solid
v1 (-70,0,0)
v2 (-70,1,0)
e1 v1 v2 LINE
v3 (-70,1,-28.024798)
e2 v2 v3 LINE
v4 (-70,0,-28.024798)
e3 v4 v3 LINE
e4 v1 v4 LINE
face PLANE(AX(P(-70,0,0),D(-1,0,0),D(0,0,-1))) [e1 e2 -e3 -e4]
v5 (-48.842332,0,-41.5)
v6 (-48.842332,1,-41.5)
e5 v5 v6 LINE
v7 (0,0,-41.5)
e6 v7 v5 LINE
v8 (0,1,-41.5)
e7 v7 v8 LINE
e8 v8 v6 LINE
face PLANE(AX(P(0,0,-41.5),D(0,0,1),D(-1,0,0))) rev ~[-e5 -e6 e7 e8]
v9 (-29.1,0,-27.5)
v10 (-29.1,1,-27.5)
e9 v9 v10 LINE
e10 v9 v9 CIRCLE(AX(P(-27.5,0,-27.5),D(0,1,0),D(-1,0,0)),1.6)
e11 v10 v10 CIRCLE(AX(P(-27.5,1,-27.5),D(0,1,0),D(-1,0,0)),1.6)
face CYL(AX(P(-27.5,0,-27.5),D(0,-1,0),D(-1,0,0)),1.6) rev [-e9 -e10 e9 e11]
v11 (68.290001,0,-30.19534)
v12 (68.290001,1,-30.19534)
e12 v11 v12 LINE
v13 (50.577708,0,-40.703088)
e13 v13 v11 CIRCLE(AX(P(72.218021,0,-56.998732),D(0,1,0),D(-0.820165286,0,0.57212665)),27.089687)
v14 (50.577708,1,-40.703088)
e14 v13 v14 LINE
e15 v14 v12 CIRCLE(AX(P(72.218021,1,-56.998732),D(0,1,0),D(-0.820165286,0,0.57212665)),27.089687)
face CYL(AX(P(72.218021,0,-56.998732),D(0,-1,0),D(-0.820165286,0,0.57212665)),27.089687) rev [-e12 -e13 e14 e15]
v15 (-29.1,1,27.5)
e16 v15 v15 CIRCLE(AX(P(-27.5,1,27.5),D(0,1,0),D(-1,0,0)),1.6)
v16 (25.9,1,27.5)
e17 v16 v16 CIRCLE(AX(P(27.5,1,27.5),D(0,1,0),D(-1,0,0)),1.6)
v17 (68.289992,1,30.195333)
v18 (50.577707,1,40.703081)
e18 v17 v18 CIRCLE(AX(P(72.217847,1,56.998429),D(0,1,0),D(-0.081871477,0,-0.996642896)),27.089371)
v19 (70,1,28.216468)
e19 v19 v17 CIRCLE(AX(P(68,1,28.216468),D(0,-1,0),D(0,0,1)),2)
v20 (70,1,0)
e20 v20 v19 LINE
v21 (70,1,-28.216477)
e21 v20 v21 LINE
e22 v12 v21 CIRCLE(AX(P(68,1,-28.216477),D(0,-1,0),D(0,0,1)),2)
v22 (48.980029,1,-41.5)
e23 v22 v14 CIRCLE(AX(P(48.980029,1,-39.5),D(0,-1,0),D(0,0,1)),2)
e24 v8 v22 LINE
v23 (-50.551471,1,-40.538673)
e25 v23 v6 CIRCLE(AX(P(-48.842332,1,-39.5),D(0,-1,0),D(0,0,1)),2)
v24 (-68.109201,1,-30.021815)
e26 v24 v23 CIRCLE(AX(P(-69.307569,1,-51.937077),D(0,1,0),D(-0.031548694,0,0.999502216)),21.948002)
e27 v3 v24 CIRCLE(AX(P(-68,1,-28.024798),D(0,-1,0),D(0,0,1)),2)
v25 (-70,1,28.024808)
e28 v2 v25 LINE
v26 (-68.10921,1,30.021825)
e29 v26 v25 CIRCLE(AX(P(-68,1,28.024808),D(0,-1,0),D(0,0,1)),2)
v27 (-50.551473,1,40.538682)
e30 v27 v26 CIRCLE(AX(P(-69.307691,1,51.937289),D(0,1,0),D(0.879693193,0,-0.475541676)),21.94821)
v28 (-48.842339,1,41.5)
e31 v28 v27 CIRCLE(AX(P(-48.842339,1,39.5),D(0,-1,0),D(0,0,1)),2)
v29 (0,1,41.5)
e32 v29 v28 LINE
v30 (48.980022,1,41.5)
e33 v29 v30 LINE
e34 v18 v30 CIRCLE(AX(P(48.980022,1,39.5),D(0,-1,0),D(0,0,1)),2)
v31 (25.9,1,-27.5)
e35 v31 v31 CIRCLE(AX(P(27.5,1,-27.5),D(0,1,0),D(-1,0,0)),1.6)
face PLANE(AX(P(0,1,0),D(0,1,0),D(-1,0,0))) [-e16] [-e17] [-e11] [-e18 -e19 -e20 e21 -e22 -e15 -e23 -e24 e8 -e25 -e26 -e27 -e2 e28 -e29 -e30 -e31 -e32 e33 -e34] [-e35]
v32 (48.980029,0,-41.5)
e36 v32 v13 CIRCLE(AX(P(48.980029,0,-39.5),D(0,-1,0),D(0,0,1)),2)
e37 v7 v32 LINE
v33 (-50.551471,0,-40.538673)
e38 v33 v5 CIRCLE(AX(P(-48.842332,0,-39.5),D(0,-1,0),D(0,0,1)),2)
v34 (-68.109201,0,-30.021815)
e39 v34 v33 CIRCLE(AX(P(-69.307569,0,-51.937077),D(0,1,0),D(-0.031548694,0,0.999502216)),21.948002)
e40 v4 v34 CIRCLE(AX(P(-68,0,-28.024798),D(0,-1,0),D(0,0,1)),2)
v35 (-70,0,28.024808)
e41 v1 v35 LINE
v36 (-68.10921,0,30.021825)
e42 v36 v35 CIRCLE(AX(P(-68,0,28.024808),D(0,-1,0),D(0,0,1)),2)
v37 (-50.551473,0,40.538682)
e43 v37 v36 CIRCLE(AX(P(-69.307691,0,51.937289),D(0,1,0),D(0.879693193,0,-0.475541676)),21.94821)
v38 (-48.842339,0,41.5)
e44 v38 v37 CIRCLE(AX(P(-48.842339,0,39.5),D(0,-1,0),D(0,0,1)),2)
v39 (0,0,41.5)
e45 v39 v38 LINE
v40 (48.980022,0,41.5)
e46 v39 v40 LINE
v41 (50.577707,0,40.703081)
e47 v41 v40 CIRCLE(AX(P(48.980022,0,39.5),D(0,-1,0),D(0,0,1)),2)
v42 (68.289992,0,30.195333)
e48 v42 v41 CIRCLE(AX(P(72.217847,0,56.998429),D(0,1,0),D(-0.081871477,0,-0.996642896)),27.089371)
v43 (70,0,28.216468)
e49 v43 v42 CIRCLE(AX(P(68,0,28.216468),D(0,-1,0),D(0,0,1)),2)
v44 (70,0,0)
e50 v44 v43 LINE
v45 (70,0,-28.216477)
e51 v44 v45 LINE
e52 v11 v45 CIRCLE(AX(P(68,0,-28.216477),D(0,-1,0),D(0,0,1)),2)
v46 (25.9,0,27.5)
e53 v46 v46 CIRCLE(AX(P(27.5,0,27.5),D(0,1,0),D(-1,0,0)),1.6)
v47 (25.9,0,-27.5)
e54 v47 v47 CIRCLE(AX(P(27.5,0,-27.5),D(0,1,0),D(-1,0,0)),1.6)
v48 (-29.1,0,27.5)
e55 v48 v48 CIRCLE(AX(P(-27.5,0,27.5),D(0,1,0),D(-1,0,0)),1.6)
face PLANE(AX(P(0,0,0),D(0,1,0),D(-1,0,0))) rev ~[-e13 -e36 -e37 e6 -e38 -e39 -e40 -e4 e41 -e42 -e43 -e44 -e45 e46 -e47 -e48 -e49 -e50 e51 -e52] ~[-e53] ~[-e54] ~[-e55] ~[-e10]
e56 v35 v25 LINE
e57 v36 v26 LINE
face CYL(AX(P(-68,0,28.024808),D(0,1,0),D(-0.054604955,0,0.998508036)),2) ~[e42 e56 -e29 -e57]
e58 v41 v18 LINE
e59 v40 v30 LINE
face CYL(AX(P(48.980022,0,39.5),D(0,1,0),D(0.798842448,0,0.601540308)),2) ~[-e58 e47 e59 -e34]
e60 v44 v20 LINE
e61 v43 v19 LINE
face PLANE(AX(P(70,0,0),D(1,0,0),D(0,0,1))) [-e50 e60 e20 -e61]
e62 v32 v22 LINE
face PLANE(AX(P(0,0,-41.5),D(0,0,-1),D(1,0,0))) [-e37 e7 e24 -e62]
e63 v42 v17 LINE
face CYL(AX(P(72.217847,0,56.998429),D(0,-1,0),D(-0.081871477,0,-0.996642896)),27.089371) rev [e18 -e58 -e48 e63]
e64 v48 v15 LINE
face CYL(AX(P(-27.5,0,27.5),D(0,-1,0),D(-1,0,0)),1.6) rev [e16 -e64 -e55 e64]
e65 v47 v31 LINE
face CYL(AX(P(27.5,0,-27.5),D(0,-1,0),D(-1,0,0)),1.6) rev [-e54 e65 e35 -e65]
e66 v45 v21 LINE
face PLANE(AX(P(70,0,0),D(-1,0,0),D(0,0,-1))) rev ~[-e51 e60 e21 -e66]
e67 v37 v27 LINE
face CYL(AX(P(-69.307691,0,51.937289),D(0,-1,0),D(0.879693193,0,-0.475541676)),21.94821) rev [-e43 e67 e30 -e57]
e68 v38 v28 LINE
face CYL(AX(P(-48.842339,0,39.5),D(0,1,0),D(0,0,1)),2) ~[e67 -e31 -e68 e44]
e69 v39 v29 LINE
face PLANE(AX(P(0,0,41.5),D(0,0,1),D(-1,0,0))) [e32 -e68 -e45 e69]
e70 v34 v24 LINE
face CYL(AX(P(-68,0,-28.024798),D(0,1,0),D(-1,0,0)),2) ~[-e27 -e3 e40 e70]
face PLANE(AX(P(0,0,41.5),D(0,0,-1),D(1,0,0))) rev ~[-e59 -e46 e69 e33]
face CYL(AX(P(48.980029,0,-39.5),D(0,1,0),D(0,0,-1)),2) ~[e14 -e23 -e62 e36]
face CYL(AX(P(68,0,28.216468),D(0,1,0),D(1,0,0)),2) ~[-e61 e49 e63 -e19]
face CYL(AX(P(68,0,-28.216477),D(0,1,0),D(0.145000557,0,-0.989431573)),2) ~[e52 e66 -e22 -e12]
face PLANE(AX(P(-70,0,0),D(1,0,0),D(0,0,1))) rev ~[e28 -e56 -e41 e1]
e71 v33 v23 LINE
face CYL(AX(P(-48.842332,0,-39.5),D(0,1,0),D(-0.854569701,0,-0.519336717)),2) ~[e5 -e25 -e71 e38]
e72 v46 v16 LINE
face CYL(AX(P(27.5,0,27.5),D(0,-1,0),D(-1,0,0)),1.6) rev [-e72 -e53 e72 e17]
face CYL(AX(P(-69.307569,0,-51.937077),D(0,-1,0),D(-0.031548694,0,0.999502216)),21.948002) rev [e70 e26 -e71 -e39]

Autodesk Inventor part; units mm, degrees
ref_plane "YZ Plane" through (0, 0, 0) normal (1, 0, 0) x (0, 1, 0)
ref_plane "XZ Plane" through (0, 0, 0) normal (0, 1, 0) x (-1, 0, 0)
ref_plane "XY Plane" through (0, 0, 0) normal (0, 0, 1) x (1, 0, 0)
sketch "Sketch3" plane through (0, 0, 0) normal (0, 1, 0) x (-1, 0, 0)
  line L0 (-27.5, -27.5) -> (27.5, -27.5) construction
  line L1 (27.5, -27.5) -> (27.5, 27.5) construction
  line L2 (27.5, 27.5) -> (-27.5, 27.5) construction
  line L3 (-27.5, 27.5) -> (-27.5, -27.5) construction
  line L4 (-27.5, -27.5) -> (27.5, 27.5) construction
  line L5 (27.5, -27.5) -> (-27.5, 27.5) construction
  circle A0 centre (-27.5, 27.5) radius 1.6
  circle A1 centre (27.5, 27.5) radius 1.6
  circle A2 centre (-27.5, -27.5) radius 1.6
  circle A3 centre (27.5, -27.5) radius 1.6
  circle A4 centre (-67.1751, -42.4264) radius 1.6 construction
  line L6 (-27.5, -27.5) -> (-67.1751, -42.4264) construction
  line L7 (-30, -25.7695) -> (-68.0554, -40.0865) construction
  line L8 (-66.2948, -44.7663) -> (-27.0453, -30) construction
  arc A5 (-68.0554, -40.0865) -> (-66.2948, -44.7663) centre (-67.1751, -42.4264) ccw construction
  circle A6 centre (67.1751, -42.4264) radius 1.6 construction
  line L9 (27.5, -27.5) -> (67.1751, -42.4264) construction
  line L10 (27.0453, -30) -> (66.2948, -44.7663) construction
  line L11 (68.0554, -40.0865) -> (30, -25.7695) construction
  arc A7 (66.2948, -44.7663) -> (68.0554, -40.0865) centre (67.1751, -42.4264) ccw construction
  line L12 (27.5, -27.5) -> (-27.5, -27.5) construction
  line L13 (25, -25) -> (-25, -25) construction
  line L14 (-27.0453, -30) -> (27.0453, -30) construction
  line L15 (-27.5, -27.5) -> (-27.5, 27.5) construction
  line L16 (-25, -25) -> (-25, 25) construction
  line L17 (-30, 25.7695) -> (-30, -25.7695) construction
  circle A8 centre (-67.1751, 42.4264) radius 1.6 construction
  line L18 (-27.5, 27.5) -> (-67.1751, 42.4264) construction
  line L19 (-27.0453, 30) -> (-66.2948, 44.7663) construction
  line L20 (-68.0554, 40.0865) -> (-30, 25.7695) construction
  arc A9 (-66.2948, 44.7663) -> (-68.0554, 40.0865) centre (-67.1751, 42.4264) ccw construction
  line L21 (-27.5, 27.5) -> (27.5, 27.5) construction
  line L22 (-25, 25) -> (25, 25) construction
  line L23 (27.0453, 30) -> (-27.0453, 30) construction
  circle A10 centre (67.1751, 42.4264) radius 1.6 construction
  line L24 (27.5, 27.5) -> (67.1751, 42.4264) construction
  line L25 (34.5998, 27.5) -> (68.0554, 40.0865) construction
  line L26 (66.2948, 44.7663) -> (27.0453, 30) construction
  arc A11 (68.0554, 40.0865) -> (66.2948, 44.7663) centre (67.1751, 42.4264) ccw construction
  line L27 (27.5, -27.5) -> (27.5, 27.5) construction
  line L28 (30, -25.7695) -> (30, 25.7695) construction
  line L29 (25, 25) -> (25, -25) construction
  line L30 (34.5998, 27.5) -> (30, 25.7695) construction
  line L31 (55, 55) -> (-55, -55) construction
  line L32 (-55, 55) -> (55, -55) construction
  circle A12 centre (0, 0) radius 110 construction
  arc A13 (43.0581, -98.5) -> (-43.0581, -98.5) centre (0, 0) ccw construction
  line L33 (0, -107.5) -> (0, -98.5) construction
  line L34 (0, -98.5) -> (0, -73.5) construction
  line L35 (0, -98.5) -> (-43.0581, -98.5) construction
  line L36 (0, -98.5) -> (43.0581, -98.5) construction
  line L37 (43.0581, -98.5) -> (-43.0581, -98.5) construction
  line L38 (-18.0581, -73.5) -> (18.0581, -73.5) construction
  arc A14 (43.0581, -98.5) -> (18.0581, -73.5) centre (18.0581, -98.5) ccw construction
  arc A15 (-18.0581, -73.5) -> (-43.0581, -98.5) centre (-18.0581, -98.5) ccw construction
  line L39 (0, 107.5) -> (0, 97.5) construction
  line L40 (0, 97.5) -> (-22.5, 97.5) construction
  line L41 (-22.5, 97.5) -> (-22.5, 82.5) construction
  line L42 (22.5, 82.5) -> (22.5, 97.5) construction
  line L43 (22.5, 90) -> (-22.5, 90) construction
  line L44 (15, 97.5) -> (-15, 97.5)
  line L45 (-15, 82.5) -> (15, 82.5)
  arc A16 (15, 82.5) -> (15, 97.5) centre (15, 90) ccw
  arc A17 (-15, 97.5) -> (-15, 82.5) centre (-15, 90) ccw
  line L46 (22.5, 82.5) -> (17.5, 82.5) construction
  line L47 (17.5, 82.5) -> (17.5, 77.5) construction
  circle A18 centre (17.5, 77.5) radius 1.6
  circle A19 centre (-17.5, 77.5) radius 1.6
  line L48 (-58.3363, 79.5495) -> (-79.5495, 58.3363) construction
  arc A20 (-47.7297, 68.9429) -> (-58.3363, 79.5495) centre (-53.033, 74.2462) ccw construction
  arc A21 (-79.5495, 58.3363) -> (-68.9429, 47.7297) centre (-74.2462, 53.033) ccw construction
  line L49 (-68.9429, 47.7297) -> (-47.7297, 68.9429) construction
  circle A22 centre (-67.1751, 42.4264) radius 1.6 construction
  circle A23 centre (-42.4264, 67.1751) radius 1.6 construction
  line L50 (-97.5, 15) -> (-97.5, -15)
  arc A24 (-82.5, 15) -> (-97.5, 15) centre (-90, 15) ccw
  arc A25 (-97.5, -15) -> (-82.5, -15) centre (-90, -15) ccw
  line L51 (-82.5, -15) -> (-82.5, 15)
  circle A26 centre (-77.5, -17.5) radius 1.6
  circle A27 centre (-77.5, 17.5) radius 1.6
  line L52 (-79.5495, -58.3363) -> (-58.3363, -79.5495) construction
  arc A28 (-68.9429, -47.7297) -> (-79.5495, -58.3363) centre (-74.2462, -53.033) ccw construction
  arc A29 (-58.3363, -79.5495) -> (-47.7297, -68.9429) centre (-53.033, -74.2462) ccw construction
  line L53 (-47.7297, -68.9429) -> (-68.9429, -47.7297) construction
  circle A30 centre (-42.4264, -67.1751) radius 1.6 construction
  circle A31 centre (-67.1751, -42.4264) radius 1.6 construction
  line L54 (-15, -97.5) -> (15, -97.5)
  arc A32 (-15, -82.5) -> (-15, -97.5) centre (-15, -90) ccw
  arc A33 (15, -97.5) -> (15, -82.5) centre (15, -90) ccw
  line L55 (15, -82.5) -> (-15, -82.5)
  circle A34 centre (17.5, -77.5) radius 1.6
  circle A35 centre (-17.5, -77.5) radius 1.6
  line L56 (58.3363, -79.5495) -> (79.5495, -58.3363) construction
  arc A36 (47.7297, -68.9429) -> (58.3363, -79.5495) centre (53.033, -74.2462) ccw construction
  arc A37 (79.5495, -58.3363) -> (68.9429, -47.7297) centre (74.2462, -53.033) ccw construction
  line L57 (68.9429, -47.7297) -> (47.7297, -68.9429) construction
  circle A38 centre (67.1751, -42.4264) radius 1.6 construction
  circle A39 centre (42.4264, -67.1751) radius 1.6 construction
  line L58 (97.5, -15) -> (97.5, 15)
  arc A40 (82.5, -15) -> (97.5, -15) centre (90, -15) ccw
  arc A41 (97.5, 15) -> (82.5, 15) centre (90, 15) ccw
  line L59 (82.5, 15) -> (82.5, -15)
  circle A42 centre (77.5, 17.5) radius 1.6
  circle A43 centre (77.5, -17.5) radius 1.6
  line L60 (79.5495, 58.3363) -> (58.3363, 79.5495) construction
  arc A44 (68.9429, 47.7297) -> (79.5495, 58.3363) centre (74.2462, 53.033) ccw construction
  arc A45 (58.3363, 79.5495) -> (47.7297, 68.9429) centre (53.033, 74.2462) ccw construction
  line L61 (47.7297, 68.9429) -> (68.9429, 47.7297) construction
  circle A46 centre (42.4264, 67.1751) radius 1.6 construction
  circle A47 centre (67.1751, 42.4264) radius 1.6 construction
  line L62 (58.3363, -58.3363) -> (51.2652, -51.2652) construction
  line L63 (40.6586, -61.8718) -> (61.8718, -40.6586) construction
  arc A48 (40.6586, -61.8718) -> (44.5267, -89.5398) centre (53.033, -74.2462) ccw construction
  arc A49 (89.5398, -44.5267) -> (61.8718, -40.6586) centre (74.2462, -53.033) ccw construction
  line L64 (0, -73.5) -> (0, -66.5) construction
  arc A50 (44.5267, 89.5398) -> (40.6586, 61.8718) centre (53.033, 74.2462) ccw construction
  line L65 (61.8718, 40.6586) -> (40.6586, 61.8718) construction
  arc A51 (61.8718, 40.6586) -> (89.5398, 44.5267) centre (74.2462, 53.033) ccw construction
  arc A52 (-89.5398, 44.5267) -> (-61.8718, 40.6586) centre (-74.2462, 53.033) ccw construction
  line L66 (-40.6586, 61.8718) -> (-61.8718, 40.6586) construction
  arc A53 (-40.6586, 61.8718) -> (-44.5267, 89.5398) centre (-53.033, 74.2462) ccw construction
  arc A54 (-44.5267, -89.5398) -> (-40.6586, -61.8718) centre (-53.033, -74.2462) ccw construction
  line L67 (-61.8718, -40.6586) -> (-40.6586, -61.8718) construction
  arc A55 (-61.8718, -40.6586) -> (-89.5398, -44.5267) centre (-74.2462, -53.033) ccw construction
  arc A56 (89.5398, -44.5267) -> (89.5398, 44.5267) centre (0, 0) ccw construction
  arc A57 (44.5267, 89.5398) -> (-44.5267, 89.5398) centre (0, 0) ccw construction
  arc A58 (-89.5398, 44.5267) -> (-89.5398, -44.5267) centre (0, 0) ccw construction
  line L68 (43.0581, -98.5) -> (48.0581, -98.5) construction
  line L69 (48.0581, -98.5) -> (48.0581, -88.5) construction
  circle A59 centre (48.0581, -88.5) radius 1.6 construction
  circle A60 centre (-48.0581, -88.5) radius 1.6 construction
  line L70 (18.0581, -66.5) -> (-18.0581, -66.5) construction
  arc A61 (17.5, -66.5) -> (43.0581, -59.4724) centre (19.5145, -23.8377) ccw construction
  arc A62 (-44.5267, -58.0038) -> (-18.0581, -66.5) centre (-19.5089, -25.5422) ccw construction
  line L71 (0, -66.5) -> (0, -41.5) construction
  line L72 (0, -41.5) -> (50, -41.5)
  line L73 (0, -41.5) -> (-50, -41.5)
  line L74 (107.5, 0) -> (70, 0) construction
  line L75 (70, 0) -> (70, -30)
  line L76 (70, 0) -> (70, 30)
  line L77 (-70, 0) -> (-70, -30)
  line L78 (-70, 0) -> (-70, 30)
  arc A63 (70, -30) -> (50, -41.5) centre (69.3076, -51.9372) ccw
  arc A64 (-50, -41.5) -> (-70, -30) centre (-72.2179, -56.9986) ccw
  line L79 (0, 0) -> (15.9, 0) construction
  line L80 (0, 41.5) -> (50, 41.5)
  line L81 (0, 41.5) -> (-50, 41.5)
  arc A65 (50, 41.5) -> (70, 30) centre (69.3076, 51.9372) ccw
  arc A66 (-70, 30) -> (-50, 41.5) centre (-72.2179, 56.9986) ccw
  point P0 (-47.3376, -34.9632)
  point P1 (47.3376, -34.9632)
  point P2 (0, -27.5)
  point P3 (-27.5, 0)
  point P4 (-47.3376, 34.9632)
  point P5 (0, 27.5)
  point P6 (47.3376, 34.9632)
  point P7 (27.5, 0)
  point P8 (0, 90)
  point P9 (-45.9619, 70.7107)
  point P10 (-82.5, 17.5)
  point P11 (-70.7107, -45.9619)
  point P12 (-17.5, -82.5)
  point P13 (45.9619, -70.7107)
  point P14 (82.5, -17.5)
  point P15 (70.7107, 45.9619)
  point P16 (35.7159, -76.7698)
  dimension "d50" = 55
  dimension "d51" = 55
  dimension "d52" = 3.2
  dimension "d53" = 3.2
  dimension "d54" = 3.2
  dimension "d55" = 3.2
  dimension "d56" = 5
  dimension "d57" = 5
  dimension "d58" = 5
  dimension "d59" = 5
  dimension "d60" = 110
  dimension "d67" = 220
  dimension "d68" = 215
  dimension "d69" = 9
  dimension "d70" = 25
  dimension "d71" = 10
  dimension "d72" = 22.5
  dimension "d73" = 15
  dimension "d74" = 45
  dimension "d75" = 5
  dimension "d76" = 5
  dimension "d77" = 3.2
  dimension "d78" = 86.1162
  dimension "d79" = 45
  dimension "d80" = 360
  dimension "d81" = 10
  dimension "d82" = 7
  dimension "d83" = 360
  dimension "d84" = 5
  dimension "d85" = 10
  dimension "d86" = 3.2
  dimension "d87" = 25
  dimension "d88" = 50
  dimension "d89" = 50
  dimension "d90" = 37.5
  dimension "d91" = 30
  dimension "d92" = 30
extrude "Extrusion3" add sketch "Sketch3" along normal blind 1 contours L73 A64 L77 L78 A66 L81 L80 A65 L76 L75 A63 L72
fillet "Fillet1" radius 2 8 edges at (50, 0.5, 41.5) (70, 0.5, 30) (70, 0.5, -30) (50, 0.5, -41.5) (-50, 0.5, 41.5) (-70, 0.5, 30) (-70, 0.5, -30) (-50, 0.5, -41.5)
properties part number "Infrared&ControllerPCB" material "Aluminum 6061"
